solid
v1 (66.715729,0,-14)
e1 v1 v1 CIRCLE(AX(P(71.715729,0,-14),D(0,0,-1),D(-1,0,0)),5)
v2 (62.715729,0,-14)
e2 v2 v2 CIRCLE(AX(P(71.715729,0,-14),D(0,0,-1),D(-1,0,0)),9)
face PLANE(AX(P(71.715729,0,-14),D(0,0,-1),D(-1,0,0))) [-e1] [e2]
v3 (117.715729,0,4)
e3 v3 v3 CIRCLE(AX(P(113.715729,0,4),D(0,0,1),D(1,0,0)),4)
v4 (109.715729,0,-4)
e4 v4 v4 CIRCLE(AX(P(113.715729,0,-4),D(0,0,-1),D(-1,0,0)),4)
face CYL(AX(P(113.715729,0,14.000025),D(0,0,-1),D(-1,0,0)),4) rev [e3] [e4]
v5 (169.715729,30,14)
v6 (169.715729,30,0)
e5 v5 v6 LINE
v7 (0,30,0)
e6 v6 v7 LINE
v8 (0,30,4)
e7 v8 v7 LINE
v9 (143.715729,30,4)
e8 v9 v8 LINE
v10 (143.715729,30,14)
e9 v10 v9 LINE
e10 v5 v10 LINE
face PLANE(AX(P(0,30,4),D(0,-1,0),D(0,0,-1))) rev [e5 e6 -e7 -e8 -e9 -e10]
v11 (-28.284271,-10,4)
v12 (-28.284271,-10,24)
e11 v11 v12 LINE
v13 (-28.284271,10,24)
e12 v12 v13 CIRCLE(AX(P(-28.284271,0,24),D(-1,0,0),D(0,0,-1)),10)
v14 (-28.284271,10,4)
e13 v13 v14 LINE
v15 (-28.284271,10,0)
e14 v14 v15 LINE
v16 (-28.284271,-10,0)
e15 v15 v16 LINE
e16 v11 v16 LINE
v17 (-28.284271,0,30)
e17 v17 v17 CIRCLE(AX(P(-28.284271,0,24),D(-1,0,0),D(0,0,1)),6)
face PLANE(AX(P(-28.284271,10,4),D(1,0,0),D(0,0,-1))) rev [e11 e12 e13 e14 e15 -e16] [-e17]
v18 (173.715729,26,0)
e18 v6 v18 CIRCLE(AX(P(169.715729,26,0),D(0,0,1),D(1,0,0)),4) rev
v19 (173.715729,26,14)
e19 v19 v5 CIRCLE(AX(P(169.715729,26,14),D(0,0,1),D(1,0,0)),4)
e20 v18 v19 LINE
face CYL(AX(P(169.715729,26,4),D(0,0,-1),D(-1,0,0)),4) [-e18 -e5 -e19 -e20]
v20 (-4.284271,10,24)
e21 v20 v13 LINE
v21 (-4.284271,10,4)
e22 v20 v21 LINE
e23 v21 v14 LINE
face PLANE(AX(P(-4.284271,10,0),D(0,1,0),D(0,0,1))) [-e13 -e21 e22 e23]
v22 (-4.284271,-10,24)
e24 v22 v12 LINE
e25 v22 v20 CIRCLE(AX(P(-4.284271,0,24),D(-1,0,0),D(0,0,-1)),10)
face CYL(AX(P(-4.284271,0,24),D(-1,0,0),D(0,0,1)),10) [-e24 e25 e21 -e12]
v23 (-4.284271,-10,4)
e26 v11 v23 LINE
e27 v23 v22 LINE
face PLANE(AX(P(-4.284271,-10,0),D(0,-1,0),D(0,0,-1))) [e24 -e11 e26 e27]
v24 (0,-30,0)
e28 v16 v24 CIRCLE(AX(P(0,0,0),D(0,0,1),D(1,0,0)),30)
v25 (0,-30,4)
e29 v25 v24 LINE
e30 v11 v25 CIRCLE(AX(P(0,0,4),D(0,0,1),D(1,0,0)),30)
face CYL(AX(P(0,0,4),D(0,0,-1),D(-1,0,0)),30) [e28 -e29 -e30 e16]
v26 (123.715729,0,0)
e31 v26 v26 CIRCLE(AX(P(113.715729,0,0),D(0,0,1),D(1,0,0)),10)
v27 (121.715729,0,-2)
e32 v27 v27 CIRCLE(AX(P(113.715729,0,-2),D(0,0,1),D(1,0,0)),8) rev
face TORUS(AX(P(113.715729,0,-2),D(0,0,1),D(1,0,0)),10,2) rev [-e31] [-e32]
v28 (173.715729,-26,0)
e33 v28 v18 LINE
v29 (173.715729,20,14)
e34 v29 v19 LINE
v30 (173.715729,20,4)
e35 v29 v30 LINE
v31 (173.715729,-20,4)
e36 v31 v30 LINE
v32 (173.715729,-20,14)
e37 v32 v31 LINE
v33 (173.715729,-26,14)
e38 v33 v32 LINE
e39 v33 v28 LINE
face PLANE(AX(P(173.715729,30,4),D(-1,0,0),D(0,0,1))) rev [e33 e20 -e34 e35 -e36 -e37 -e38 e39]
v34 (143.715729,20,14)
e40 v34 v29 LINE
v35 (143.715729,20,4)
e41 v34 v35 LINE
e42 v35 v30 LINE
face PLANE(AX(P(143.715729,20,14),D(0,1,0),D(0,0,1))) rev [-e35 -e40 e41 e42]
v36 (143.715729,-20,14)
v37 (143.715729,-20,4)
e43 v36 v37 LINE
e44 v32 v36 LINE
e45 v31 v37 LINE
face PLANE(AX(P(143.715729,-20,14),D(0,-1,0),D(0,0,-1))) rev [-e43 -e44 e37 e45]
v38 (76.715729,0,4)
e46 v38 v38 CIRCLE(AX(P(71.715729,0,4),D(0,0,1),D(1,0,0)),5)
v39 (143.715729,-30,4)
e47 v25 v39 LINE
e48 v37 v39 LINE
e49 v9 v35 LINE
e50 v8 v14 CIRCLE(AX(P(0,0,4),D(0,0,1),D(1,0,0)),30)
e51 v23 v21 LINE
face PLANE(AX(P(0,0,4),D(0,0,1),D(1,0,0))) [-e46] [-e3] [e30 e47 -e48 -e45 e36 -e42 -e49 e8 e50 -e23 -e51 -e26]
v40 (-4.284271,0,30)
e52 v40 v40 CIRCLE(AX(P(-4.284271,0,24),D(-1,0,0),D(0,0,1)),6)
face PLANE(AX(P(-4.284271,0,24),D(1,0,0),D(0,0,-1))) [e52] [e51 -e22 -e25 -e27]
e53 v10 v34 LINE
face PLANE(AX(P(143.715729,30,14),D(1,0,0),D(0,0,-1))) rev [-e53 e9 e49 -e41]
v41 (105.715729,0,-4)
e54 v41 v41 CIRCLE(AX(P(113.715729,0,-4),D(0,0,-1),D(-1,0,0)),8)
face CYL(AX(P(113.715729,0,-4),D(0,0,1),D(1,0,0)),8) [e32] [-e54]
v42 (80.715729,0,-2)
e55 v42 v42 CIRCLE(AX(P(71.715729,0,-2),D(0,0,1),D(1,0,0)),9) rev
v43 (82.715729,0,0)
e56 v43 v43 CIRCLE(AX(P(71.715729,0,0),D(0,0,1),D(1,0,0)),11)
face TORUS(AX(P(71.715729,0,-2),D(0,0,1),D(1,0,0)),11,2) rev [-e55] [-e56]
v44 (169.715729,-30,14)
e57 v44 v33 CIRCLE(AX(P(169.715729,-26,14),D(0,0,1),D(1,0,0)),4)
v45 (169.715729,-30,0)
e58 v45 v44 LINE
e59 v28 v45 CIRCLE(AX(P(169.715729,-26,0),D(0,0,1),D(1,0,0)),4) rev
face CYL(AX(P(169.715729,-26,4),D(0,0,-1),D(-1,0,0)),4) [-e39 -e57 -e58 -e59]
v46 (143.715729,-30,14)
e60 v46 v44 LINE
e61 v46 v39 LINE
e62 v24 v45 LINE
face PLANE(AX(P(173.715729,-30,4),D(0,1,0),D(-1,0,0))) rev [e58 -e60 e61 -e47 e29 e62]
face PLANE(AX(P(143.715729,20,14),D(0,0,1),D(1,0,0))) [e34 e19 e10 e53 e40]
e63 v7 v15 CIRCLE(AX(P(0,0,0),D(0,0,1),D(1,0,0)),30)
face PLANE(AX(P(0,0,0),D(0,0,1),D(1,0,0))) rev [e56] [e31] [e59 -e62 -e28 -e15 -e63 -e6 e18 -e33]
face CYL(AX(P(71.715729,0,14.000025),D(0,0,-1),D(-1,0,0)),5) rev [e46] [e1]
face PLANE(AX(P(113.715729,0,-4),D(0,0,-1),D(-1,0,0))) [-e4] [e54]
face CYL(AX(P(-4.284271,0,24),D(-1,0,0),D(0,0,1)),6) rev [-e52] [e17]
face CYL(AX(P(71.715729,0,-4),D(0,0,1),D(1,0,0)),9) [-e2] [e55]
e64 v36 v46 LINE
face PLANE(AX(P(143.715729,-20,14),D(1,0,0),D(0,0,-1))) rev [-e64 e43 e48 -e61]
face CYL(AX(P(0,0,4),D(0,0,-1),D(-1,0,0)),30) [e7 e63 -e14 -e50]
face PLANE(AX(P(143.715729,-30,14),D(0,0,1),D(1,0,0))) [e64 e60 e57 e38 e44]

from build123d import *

# Parameters (mm, degrees)
BASE_EXTRUSION_DEPTH    = 4
ESQUISSE2_W             = 30
ESQUISSE2_H             = 10
BOSS_EXTRU_1_DEPTH      = 10
ESQUISSE3_R             = 8
ESQUISSE3_R_2           = 9
BOSS_EXTRU_2_DEPTH      = 4
ESQUISSE4_R             = 4
ENL_V_MAT_EXTRU_1_DEPTH = 178.20370881
ESQUISSE5_R             = 5
ENL_V_MAT_EXTRU_2_DEPTH = 178.20370881
CONG_1_R                = 2
CONG_2_R                = 4
ESQUISSE6_R             = 6
BOSS_EXTRU_3_DEPTH      = 24
ESQUISSE7_R             = 9
ESQUISSE7_R_2           = 5
BOSS_EXTRU_4_DEPTH      = 10


with BuildPart() as part:
    # Esquisse1 → Base-Extrusion (new body)
    with BuildSketch(Plane.XY):
        with BuildLine():
            Line((0, 30), (173.715728753, 30))
            Line((173.715728753, 30), (173.715728753, -30))
            Line((173.715728753, -30), (0, -30))
            ThreePointArc((0, -30), (-17.320508076, -24.494897428), (-28.284271247, -10))
            Line((-28.284271247, -10), (-28.284271247, 10))
            ThreePointArc((-28.284271247, 10), (-17.320508076, 24.494897428), (0, 30))
        make_face()
    extrude(amount=BASE_EXTRUSION_DEPTH)

    # Esquisse2 → Boss.-Extru.1 (add)
    with BuildSketch(Plane.XY.offset(4)):
        with Locations((158.715728753, 25)):
            Rectangle(ESQUISSE2_W, ESQUISSE2_H)
        with Locations((158.715728753, -25)):
            Rectangle(ESQUISSE2_W, ESQUISSE2_H)
    extrude(amount=BOSS_EXTRU_1_DEPTH)

    # Esquisse3 → Boss.-Extru.2 (add)
    with BuildSketch(Plane(origin=(0, 0, 0), x_dir=(-1, 0, 0), z_dir=(0, 0, -1))):
        with Locations(Location((-113.715728753, 0, 0), (0, 0, 180))):
            Circle(ESQUISSE3_R)
        with Locations(Location((-71.715728753, 0, 0), (0, 0, 180))):
            Circle(ESQUISSE3_R_2)
    extrude(amount=BOSS_EXTRU_2_DEPTH)

    # Esquisse4 → Enlèv. mat.-Extru.1 (cut, through all)
    with BuildSketch(Plane(origin=(0, 0, -4), x_dir=(-1, 0, 0), z_dir=(0, 0, -1))):
        with Locations((-113.715728753, 0)):
            Circle(ESQUISSE4_R)
    extrude(amount=-ENL_V_MAT_EXTRU_1_DEPTH, mode=Mode.SUBTRACT)

    # Esquisse5 → Enlèv. mat.-Extru.2 (cut, through all)
    with BuildSketch(Plane(origin=(0, 0, -4), x_dir=(-1, 0, 0), z_dir=(0, 0, -1))):
        with Locations((-71.715728753, 0)):
            Circle(ESQUISSE5_R)
    extrude(amount=-ENL_V_MAT_EXTRU_2_DEPTH, mode=Mode.SUBTRACT)

    # Congé1
    cong_1_edges = [part.edges().sort_by_distance(p)[0] for p in [
        (105.715728753, 0, 0),
        (62.715728753, 0, 0),
    ]]
    fillet(cong_1_edges, radius=CONG_1_R)

    # Congé2
    cong_2_edges = [part.edges().sort_by_distance(p)[0] for p in [
        (173.715728753, 30, 7),
        (173.715728753, -30, 7),
    ]]
    fillet(cong_2_edges, radius=CONG_2_R)

    # Esquisse6 → Boss.-Extru.3 (add)
    with BuildSketch(Plane.ZY.offset(28.284271247)):
        with BuildLine():
            Line((0, 10), (24, 10))
            ThreePointArc((24, 10), (34, 0), (24, -10))
            Line((24, -10), (0, -10))
            Line((0, -10), (0, 10))
        make_face()
        with Locations((24, 0)):
            Circle(ESQUISSE6_R, mode=Mode.SUBTRACT)
    extrude(amount=-BOSS_EXTRU_3_DEPTH)

    # Esquisse7 → Boss.-Extru.4 (add)
    with BuildSketch(Plane(origin=(0, 0, -4), x_dir=(-1, 0, 0), z_dir=(0, 0, -1))):
        with Locations(Location((-71.715728753, 0, 0), (0, 0, 180))):
            Circle(ESQUISSE7_R)
        with Locations((-71.715728753, 0)):
            Circle(ESQUISSE7_R_2, mode=Mode.SUBTRACT)
    extrude(amount=BOSS_EXTRU_4_DEPTH)


solid = part.part
